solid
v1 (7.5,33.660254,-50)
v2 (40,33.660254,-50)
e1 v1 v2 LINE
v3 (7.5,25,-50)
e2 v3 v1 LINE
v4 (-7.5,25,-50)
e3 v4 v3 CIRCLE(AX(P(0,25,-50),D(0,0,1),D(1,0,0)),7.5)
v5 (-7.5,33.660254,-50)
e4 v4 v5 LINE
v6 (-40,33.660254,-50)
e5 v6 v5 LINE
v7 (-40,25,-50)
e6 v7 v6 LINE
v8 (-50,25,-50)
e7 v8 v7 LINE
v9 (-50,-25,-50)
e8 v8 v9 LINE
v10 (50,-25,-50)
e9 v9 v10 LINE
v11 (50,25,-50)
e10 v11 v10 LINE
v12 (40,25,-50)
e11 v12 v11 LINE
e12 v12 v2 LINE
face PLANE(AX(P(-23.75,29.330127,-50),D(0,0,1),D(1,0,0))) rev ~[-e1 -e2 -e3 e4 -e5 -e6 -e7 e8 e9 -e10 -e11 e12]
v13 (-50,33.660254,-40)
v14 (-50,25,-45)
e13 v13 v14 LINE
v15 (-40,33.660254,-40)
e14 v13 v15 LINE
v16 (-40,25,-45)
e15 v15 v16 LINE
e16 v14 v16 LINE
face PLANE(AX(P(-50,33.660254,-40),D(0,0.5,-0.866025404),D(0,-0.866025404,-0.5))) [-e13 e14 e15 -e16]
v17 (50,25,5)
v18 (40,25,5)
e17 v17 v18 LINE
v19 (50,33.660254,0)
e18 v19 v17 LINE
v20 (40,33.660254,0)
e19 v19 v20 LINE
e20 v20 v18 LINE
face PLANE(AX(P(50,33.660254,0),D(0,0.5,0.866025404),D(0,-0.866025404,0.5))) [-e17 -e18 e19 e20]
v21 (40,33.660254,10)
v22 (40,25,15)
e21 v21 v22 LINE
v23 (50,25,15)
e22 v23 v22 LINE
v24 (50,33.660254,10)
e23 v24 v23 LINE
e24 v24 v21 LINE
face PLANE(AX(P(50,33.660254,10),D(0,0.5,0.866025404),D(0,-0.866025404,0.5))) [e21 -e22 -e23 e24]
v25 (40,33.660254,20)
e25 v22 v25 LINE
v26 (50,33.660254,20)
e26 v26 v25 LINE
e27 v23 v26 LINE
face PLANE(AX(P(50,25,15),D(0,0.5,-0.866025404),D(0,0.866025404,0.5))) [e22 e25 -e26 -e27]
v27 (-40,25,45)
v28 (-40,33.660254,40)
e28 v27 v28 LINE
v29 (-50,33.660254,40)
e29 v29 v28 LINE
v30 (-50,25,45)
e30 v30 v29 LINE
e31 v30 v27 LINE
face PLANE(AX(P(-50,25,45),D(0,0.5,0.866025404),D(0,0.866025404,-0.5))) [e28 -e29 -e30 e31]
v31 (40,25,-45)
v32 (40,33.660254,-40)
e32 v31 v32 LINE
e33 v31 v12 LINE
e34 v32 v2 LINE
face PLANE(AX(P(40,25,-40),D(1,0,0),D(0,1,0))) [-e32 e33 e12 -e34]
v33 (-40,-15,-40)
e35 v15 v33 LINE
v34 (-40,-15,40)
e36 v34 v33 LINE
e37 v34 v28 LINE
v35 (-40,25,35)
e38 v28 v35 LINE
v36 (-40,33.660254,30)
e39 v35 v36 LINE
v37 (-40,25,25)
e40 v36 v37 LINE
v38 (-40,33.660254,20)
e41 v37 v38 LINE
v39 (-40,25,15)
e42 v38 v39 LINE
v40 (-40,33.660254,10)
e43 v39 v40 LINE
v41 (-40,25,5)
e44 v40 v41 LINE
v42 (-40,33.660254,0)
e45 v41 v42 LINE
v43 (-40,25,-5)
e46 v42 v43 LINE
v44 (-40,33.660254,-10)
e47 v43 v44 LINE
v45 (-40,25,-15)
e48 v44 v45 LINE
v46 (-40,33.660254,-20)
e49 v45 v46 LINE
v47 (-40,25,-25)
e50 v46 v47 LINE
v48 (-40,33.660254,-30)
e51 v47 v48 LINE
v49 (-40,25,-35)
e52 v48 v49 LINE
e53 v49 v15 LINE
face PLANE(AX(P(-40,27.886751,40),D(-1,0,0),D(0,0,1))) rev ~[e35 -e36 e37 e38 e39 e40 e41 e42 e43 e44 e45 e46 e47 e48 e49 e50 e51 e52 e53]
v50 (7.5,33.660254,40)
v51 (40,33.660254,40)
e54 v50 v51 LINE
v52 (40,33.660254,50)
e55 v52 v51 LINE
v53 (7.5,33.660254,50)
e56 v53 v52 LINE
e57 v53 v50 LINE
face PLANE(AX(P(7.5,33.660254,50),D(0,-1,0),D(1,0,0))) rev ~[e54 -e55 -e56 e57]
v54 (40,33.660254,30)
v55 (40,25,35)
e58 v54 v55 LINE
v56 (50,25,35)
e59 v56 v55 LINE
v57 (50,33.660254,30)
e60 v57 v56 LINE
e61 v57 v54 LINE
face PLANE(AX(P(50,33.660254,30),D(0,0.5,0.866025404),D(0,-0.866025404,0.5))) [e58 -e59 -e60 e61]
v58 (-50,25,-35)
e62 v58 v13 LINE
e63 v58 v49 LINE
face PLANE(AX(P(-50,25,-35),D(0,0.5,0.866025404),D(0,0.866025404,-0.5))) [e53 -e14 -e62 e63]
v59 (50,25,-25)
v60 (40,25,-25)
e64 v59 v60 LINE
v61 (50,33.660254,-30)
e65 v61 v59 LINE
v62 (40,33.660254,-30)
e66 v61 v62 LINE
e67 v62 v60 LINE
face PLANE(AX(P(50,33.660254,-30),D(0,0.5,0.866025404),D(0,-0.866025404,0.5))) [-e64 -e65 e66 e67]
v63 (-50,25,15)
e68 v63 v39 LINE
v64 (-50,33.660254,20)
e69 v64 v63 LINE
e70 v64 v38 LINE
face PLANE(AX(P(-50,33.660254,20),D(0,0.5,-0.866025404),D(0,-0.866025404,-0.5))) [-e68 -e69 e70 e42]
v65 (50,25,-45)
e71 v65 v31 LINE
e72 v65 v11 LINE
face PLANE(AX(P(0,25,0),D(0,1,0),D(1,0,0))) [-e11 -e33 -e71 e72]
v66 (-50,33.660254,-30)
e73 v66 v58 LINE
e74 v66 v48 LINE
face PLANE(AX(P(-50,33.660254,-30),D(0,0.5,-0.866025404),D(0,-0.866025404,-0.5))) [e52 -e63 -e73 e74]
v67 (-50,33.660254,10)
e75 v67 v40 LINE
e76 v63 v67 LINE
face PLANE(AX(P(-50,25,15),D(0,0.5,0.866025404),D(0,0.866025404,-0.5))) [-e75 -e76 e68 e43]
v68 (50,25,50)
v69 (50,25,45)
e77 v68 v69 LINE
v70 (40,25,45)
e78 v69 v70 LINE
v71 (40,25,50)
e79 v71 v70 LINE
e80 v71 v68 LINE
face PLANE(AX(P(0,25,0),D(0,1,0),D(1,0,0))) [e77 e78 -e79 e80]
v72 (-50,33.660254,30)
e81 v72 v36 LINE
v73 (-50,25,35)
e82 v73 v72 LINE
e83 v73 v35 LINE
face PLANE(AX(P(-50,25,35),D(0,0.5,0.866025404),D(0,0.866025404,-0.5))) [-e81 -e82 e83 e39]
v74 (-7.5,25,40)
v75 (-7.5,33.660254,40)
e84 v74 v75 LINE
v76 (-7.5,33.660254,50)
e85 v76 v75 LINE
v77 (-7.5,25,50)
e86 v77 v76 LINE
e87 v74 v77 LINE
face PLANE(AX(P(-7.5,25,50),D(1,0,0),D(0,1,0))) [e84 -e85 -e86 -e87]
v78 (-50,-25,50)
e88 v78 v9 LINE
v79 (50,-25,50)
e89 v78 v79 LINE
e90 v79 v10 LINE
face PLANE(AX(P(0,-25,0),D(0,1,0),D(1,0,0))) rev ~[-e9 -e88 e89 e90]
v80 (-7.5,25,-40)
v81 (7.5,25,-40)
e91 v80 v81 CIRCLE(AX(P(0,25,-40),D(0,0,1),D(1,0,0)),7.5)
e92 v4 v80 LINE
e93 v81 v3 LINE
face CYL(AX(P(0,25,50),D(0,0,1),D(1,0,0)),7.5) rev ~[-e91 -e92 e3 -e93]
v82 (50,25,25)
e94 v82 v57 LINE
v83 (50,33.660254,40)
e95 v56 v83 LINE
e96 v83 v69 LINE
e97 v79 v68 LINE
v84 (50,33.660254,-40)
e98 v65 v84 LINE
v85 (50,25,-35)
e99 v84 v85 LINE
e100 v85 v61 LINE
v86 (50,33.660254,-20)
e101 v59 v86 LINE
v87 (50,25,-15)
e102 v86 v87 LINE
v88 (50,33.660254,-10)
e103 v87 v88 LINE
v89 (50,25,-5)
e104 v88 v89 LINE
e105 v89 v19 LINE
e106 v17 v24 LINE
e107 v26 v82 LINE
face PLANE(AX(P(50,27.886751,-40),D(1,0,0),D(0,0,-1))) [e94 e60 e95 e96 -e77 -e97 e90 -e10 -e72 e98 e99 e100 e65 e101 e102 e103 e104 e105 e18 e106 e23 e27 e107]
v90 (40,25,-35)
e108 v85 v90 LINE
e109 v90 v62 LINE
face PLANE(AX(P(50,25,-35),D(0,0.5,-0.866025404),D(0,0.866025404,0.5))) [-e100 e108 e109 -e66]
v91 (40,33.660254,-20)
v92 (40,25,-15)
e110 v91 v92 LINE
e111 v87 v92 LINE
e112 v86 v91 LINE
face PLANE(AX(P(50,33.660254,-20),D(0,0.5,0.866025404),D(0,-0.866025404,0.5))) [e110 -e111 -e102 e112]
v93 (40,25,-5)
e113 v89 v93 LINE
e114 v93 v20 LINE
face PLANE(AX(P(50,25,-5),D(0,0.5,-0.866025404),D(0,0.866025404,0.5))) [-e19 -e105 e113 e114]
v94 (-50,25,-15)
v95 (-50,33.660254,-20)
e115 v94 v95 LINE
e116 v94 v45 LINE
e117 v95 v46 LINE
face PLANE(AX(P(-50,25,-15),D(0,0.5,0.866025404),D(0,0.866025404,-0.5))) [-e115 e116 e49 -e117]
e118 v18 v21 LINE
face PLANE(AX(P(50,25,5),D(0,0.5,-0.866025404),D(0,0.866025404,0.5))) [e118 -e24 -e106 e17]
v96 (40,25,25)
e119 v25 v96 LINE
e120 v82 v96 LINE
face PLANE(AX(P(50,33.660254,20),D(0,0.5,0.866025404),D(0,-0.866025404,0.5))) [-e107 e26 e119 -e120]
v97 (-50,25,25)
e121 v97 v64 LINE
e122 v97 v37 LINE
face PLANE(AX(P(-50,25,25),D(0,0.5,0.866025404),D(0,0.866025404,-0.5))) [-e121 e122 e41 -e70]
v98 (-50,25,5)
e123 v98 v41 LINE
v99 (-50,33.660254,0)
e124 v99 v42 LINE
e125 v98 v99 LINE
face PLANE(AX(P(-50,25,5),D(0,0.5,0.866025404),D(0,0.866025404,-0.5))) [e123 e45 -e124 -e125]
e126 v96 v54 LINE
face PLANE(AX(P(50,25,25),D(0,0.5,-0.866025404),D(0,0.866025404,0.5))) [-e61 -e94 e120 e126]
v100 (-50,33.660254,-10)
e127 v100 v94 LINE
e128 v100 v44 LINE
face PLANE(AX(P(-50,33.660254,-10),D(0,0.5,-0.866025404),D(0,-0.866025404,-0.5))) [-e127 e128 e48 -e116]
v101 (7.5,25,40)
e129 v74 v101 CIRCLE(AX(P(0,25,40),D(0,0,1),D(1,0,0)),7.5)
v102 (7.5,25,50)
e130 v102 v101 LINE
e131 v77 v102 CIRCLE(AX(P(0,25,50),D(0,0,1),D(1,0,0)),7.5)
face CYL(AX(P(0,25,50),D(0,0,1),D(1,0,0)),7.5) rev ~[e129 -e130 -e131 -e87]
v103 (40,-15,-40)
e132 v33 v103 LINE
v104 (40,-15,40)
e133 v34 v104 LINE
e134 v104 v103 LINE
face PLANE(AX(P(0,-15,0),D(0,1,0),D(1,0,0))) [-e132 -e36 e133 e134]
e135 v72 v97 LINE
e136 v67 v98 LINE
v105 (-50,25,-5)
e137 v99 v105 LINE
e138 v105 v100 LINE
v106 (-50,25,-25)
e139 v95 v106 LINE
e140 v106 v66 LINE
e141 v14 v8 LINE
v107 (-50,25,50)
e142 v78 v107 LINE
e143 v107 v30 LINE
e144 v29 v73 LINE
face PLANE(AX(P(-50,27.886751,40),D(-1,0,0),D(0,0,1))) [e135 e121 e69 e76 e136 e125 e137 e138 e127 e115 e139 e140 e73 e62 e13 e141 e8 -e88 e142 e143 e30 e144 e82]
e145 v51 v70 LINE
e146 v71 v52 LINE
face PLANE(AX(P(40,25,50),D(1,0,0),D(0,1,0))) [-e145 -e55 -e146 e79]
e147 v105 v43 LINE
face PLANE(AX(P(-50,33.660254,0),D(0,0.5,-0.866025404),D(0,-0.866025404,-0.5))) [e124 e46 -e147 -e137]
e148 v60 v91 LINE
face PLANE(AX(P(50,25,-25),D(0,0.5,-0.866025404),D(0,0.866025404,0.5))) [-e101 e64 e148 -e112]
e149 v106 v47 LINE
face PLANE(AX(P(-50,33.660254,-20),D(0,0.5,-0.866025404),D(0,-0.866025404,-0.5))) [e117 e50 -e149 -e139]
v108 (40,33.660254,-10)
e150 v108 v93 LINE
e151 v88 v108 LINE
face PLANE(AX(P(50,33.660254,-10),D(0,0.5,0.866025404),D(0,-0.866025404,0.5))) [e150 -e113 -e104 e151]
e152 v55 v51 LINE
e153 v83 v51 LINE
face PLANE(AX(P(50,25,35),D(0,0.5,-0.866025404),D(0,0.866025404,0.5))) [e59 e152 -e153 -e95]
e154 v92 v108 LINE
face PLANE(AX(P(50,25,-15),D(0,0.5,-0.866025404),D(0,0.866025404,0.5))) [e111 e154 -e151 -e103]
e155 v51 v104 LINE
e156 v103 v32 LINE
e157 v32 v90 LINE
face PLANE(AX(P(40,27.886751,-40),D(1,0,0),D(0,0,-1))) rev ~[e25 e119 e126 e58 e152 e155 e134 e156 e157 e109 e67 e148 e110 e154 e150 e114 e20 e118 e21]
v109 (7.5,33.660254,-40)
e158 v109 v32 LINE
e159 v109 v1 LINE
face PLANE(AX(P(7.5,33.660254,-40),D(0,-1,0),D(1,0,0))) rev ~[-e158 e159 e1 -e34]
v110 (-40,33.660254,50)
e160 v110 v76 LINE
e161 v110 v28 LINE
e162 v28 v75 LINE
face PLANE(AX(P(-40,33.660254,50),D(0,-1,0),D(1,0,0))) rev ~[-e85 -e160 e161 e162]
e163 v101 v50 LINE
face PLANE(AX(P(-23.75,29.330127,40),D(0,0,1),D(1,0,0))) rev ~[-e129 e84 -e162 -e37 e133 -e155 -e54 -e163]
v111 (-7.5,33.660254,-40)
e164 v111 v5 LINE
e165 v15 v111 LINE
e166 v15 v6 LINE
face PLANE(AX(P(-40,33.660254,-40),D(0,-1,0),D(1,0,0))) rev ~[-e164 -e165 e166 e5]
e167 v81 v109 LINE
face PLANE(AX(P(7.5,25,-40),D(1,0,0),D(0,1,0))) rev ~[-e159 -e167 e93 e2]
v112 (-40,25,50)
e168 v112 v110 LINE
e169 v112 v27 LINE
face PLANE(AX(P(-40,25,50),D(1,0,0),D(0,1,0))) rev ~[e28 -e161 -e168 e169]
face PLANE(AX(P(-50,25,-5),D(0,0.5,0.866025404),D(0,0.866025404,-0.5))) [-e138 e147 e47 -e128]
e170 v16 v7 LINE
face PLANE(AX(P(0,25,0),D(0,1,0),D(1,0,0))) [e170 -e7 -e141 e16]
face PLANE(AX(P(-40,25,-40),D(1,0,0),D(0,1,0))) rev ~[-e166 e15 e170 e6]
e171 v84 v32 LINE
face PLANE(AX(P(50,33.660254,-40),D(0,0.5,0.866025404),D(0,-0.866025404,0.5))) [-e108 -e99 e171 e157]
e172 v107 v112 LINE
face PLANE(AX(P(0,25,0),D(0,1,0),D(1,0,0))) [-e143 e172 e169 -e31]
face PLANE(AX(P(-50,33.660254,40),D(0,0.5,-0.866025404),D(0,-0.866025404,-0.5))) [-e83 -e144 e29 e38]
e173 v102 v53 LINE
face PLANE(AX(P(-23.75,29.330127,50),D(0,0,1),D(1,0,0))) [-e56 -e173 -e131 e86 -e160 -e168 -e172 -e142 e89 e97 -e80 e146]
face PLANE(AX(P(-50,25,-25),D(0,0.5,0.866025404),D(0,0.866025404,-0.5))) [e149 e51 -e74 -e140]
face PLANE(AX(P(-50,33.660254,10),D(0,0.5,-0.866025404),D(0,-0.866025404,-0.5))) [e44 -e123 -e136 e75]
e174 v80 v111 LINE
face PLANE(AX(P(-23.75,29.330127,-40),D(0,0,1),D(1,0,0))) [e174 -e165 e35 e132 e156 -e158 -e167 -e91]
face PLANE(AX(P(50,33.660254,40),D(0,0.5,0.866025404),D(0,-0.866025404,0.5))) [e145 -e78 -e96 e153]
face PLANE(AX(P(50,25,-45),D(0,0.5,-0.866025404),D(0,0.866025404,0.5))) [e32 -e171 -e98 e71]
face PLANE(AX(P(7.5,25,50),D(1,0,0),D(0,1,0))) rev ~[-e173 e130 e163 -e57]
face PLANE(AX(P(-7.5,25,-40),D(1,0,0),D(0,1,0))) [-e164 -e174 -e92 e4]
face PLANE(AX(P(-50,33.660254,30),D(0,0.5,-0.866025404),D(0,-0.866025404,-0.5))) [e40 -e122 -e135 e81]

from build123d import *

# Parameters (mm, degrees)
SKETCH1_W           = 100
SKETCH1_H           = 100
BOSS_EXTRUDE1_DEPTH = 25
SKETCH4_W           = 80
SKETCH4_H           = 80
CUT_EXTRUDE2_DEPTH  = 40
SKETCH5_R           = 7.5
CUT_EXTRUDE3_DEPTH  = 100
BOSS_EXTRUDE4_DEPTH = 10
BOSS_EXTRUDE5_DEPTH = 10
BOSS_EXTRUDE6_START = -90
SKETCH9_W           = 32.5
SKETCH9_H           = 8.660254038
BOSS_EXTRUDE6_DEPTH = 10
SKETCH11_W          = 32.5
SKETCH11_H          = 8.660254038
BOSS_EXTRUDE8_DEPTH = 10


with BuildPart() as part:
    # Sketch1 → Boss-Extrude1 (new body, symmetric)
    with BuildSketch(Plane(origin=(0, 0, 0), x_dir=(1, 0, 0), z_dir=(0, 1, 0))):
        Rectangle(SKETCH1_W, SKETCH1_H)
    extrude(amount=BOSS_EXTRUDE1_DEPTH, both=True)

    # Sketch4 → Cut-Extrude2 (cut)
    with BuildSketch(Plane(origin=(0, 25, 0), x_dir=(1, 0, 0), z_dir=(0, 1, 0))):
        Rectangle(SKETCH4_W, SKETCH4_H)
    extrude(amount=-CUT_EXTRUDE2_DEPTH, mode=Mode.SUBTRACT)

    # Sketch5 → Cut-Extrude3 (cut)
    with BuildSketch(Plane.XY.offset(50)):
        with Locations((0, 25)):
            Circle(SKETCH5_R)
    extrude(amount=-CUT_EXTRUDE3_DEPTH, mode=Mode.SUBTRACT)

    # Sketch7 → Boss-Extrude4 (add)
    with BuildSketch(Plane.ZY.offset(50)):
        Polygon((40, 33.660254038), (35, 25), (45, 25), align=None)
        Polygon((30, 33.660254038), (25, 25), (35, 25), align=None)
        Polygon((20, 33.660254038), (15, 25), (25, 25), align=None)
        Polygon((10, 33.660254038), (5, 25), (15, 25), align=None)
        Polygon((0, 33.660254038), (-5, 25), (5, 25), align=None)
        Polygon((-10, 33.660254038), (-15, 25), (-5, 25), align=None)
        Polygon((-20, 33.660254038), (-25, 25), (-15, 25), align=None)
        Polygon((-30, 33.660254038), (-35, 25), (-25, 25), align=None)
        Polygon((-40, 33.660254038), (-45, 25), (-35, 25), align=None)
    extrude(amount=-BOSS_EXTRUDE4_DEPTH)

    # Sketch8 → Boss-Extrude5 (add)
    with BuildSketch(Plane(origin=(50, 0, 0), x_dir=(0, 0, -1), z_dir=(1, 0, 0))):
        Polygon((40, 33.660254038), (35, 25), (45, 25), align=None)
        Polygon((30, 33.660254038), (25, 25), (35, 25), align=None)
        Polygon((20, 33.660254038), (15, 25), (25, 25), align=None)
        Polygon((10, 33.660254038), (5, 25), (15, 25), align=None)
        Polygon((0, 33.660254038), (-5, 25), (5, 25), align=None)
        Polygon((-10, 33.660254038), (-15, 25), (-5, 25), align=None)
        Polygon((-20, 33.660254038), (-25, 25), (-15, 25), align=None)
        Polygon((-30, 33.660254038), (-35, 25), (-25, 25), align=None)
        Polygon((-40, 33.660254038), (-45, 25), (-35, 25), align=None)
    extrude(amount=-BOSS_EXTRUDE5_DEPTH)

    # Sketch9 → Boss-Extrude6 (add)
    with BuildSketch(Plane.XY.offset(50).offset(BOSS_EXTRUDE6_START)):
        with Locations((-23.75, 29.330127019)):
            Rectangle(SKETCH9_W, SKETCH9_H)
        with Locations((23.75, 29.330127019)):
            Rectangle(SKETCH9_W, SKETCH9_H)
    extrude(amount=-BOSS_EXTRUDE6_DEPTH)

    # Sketch11 → Boss-Extrude8 (add)
    with BuildSketch(Plane.XY.offset(50)):
        with Locations((-23.75, 29.330127019)):
            Rectangle(SKETCH11_W, SKETCH11_H)
        with Locations((23.75, 29.330127019)):
            Rectangle(SKETCH11_W, SKETCH11_H)
    extrude(amount=-BOSS_EXTRUDE8_DEPTH)


solid = part.part
